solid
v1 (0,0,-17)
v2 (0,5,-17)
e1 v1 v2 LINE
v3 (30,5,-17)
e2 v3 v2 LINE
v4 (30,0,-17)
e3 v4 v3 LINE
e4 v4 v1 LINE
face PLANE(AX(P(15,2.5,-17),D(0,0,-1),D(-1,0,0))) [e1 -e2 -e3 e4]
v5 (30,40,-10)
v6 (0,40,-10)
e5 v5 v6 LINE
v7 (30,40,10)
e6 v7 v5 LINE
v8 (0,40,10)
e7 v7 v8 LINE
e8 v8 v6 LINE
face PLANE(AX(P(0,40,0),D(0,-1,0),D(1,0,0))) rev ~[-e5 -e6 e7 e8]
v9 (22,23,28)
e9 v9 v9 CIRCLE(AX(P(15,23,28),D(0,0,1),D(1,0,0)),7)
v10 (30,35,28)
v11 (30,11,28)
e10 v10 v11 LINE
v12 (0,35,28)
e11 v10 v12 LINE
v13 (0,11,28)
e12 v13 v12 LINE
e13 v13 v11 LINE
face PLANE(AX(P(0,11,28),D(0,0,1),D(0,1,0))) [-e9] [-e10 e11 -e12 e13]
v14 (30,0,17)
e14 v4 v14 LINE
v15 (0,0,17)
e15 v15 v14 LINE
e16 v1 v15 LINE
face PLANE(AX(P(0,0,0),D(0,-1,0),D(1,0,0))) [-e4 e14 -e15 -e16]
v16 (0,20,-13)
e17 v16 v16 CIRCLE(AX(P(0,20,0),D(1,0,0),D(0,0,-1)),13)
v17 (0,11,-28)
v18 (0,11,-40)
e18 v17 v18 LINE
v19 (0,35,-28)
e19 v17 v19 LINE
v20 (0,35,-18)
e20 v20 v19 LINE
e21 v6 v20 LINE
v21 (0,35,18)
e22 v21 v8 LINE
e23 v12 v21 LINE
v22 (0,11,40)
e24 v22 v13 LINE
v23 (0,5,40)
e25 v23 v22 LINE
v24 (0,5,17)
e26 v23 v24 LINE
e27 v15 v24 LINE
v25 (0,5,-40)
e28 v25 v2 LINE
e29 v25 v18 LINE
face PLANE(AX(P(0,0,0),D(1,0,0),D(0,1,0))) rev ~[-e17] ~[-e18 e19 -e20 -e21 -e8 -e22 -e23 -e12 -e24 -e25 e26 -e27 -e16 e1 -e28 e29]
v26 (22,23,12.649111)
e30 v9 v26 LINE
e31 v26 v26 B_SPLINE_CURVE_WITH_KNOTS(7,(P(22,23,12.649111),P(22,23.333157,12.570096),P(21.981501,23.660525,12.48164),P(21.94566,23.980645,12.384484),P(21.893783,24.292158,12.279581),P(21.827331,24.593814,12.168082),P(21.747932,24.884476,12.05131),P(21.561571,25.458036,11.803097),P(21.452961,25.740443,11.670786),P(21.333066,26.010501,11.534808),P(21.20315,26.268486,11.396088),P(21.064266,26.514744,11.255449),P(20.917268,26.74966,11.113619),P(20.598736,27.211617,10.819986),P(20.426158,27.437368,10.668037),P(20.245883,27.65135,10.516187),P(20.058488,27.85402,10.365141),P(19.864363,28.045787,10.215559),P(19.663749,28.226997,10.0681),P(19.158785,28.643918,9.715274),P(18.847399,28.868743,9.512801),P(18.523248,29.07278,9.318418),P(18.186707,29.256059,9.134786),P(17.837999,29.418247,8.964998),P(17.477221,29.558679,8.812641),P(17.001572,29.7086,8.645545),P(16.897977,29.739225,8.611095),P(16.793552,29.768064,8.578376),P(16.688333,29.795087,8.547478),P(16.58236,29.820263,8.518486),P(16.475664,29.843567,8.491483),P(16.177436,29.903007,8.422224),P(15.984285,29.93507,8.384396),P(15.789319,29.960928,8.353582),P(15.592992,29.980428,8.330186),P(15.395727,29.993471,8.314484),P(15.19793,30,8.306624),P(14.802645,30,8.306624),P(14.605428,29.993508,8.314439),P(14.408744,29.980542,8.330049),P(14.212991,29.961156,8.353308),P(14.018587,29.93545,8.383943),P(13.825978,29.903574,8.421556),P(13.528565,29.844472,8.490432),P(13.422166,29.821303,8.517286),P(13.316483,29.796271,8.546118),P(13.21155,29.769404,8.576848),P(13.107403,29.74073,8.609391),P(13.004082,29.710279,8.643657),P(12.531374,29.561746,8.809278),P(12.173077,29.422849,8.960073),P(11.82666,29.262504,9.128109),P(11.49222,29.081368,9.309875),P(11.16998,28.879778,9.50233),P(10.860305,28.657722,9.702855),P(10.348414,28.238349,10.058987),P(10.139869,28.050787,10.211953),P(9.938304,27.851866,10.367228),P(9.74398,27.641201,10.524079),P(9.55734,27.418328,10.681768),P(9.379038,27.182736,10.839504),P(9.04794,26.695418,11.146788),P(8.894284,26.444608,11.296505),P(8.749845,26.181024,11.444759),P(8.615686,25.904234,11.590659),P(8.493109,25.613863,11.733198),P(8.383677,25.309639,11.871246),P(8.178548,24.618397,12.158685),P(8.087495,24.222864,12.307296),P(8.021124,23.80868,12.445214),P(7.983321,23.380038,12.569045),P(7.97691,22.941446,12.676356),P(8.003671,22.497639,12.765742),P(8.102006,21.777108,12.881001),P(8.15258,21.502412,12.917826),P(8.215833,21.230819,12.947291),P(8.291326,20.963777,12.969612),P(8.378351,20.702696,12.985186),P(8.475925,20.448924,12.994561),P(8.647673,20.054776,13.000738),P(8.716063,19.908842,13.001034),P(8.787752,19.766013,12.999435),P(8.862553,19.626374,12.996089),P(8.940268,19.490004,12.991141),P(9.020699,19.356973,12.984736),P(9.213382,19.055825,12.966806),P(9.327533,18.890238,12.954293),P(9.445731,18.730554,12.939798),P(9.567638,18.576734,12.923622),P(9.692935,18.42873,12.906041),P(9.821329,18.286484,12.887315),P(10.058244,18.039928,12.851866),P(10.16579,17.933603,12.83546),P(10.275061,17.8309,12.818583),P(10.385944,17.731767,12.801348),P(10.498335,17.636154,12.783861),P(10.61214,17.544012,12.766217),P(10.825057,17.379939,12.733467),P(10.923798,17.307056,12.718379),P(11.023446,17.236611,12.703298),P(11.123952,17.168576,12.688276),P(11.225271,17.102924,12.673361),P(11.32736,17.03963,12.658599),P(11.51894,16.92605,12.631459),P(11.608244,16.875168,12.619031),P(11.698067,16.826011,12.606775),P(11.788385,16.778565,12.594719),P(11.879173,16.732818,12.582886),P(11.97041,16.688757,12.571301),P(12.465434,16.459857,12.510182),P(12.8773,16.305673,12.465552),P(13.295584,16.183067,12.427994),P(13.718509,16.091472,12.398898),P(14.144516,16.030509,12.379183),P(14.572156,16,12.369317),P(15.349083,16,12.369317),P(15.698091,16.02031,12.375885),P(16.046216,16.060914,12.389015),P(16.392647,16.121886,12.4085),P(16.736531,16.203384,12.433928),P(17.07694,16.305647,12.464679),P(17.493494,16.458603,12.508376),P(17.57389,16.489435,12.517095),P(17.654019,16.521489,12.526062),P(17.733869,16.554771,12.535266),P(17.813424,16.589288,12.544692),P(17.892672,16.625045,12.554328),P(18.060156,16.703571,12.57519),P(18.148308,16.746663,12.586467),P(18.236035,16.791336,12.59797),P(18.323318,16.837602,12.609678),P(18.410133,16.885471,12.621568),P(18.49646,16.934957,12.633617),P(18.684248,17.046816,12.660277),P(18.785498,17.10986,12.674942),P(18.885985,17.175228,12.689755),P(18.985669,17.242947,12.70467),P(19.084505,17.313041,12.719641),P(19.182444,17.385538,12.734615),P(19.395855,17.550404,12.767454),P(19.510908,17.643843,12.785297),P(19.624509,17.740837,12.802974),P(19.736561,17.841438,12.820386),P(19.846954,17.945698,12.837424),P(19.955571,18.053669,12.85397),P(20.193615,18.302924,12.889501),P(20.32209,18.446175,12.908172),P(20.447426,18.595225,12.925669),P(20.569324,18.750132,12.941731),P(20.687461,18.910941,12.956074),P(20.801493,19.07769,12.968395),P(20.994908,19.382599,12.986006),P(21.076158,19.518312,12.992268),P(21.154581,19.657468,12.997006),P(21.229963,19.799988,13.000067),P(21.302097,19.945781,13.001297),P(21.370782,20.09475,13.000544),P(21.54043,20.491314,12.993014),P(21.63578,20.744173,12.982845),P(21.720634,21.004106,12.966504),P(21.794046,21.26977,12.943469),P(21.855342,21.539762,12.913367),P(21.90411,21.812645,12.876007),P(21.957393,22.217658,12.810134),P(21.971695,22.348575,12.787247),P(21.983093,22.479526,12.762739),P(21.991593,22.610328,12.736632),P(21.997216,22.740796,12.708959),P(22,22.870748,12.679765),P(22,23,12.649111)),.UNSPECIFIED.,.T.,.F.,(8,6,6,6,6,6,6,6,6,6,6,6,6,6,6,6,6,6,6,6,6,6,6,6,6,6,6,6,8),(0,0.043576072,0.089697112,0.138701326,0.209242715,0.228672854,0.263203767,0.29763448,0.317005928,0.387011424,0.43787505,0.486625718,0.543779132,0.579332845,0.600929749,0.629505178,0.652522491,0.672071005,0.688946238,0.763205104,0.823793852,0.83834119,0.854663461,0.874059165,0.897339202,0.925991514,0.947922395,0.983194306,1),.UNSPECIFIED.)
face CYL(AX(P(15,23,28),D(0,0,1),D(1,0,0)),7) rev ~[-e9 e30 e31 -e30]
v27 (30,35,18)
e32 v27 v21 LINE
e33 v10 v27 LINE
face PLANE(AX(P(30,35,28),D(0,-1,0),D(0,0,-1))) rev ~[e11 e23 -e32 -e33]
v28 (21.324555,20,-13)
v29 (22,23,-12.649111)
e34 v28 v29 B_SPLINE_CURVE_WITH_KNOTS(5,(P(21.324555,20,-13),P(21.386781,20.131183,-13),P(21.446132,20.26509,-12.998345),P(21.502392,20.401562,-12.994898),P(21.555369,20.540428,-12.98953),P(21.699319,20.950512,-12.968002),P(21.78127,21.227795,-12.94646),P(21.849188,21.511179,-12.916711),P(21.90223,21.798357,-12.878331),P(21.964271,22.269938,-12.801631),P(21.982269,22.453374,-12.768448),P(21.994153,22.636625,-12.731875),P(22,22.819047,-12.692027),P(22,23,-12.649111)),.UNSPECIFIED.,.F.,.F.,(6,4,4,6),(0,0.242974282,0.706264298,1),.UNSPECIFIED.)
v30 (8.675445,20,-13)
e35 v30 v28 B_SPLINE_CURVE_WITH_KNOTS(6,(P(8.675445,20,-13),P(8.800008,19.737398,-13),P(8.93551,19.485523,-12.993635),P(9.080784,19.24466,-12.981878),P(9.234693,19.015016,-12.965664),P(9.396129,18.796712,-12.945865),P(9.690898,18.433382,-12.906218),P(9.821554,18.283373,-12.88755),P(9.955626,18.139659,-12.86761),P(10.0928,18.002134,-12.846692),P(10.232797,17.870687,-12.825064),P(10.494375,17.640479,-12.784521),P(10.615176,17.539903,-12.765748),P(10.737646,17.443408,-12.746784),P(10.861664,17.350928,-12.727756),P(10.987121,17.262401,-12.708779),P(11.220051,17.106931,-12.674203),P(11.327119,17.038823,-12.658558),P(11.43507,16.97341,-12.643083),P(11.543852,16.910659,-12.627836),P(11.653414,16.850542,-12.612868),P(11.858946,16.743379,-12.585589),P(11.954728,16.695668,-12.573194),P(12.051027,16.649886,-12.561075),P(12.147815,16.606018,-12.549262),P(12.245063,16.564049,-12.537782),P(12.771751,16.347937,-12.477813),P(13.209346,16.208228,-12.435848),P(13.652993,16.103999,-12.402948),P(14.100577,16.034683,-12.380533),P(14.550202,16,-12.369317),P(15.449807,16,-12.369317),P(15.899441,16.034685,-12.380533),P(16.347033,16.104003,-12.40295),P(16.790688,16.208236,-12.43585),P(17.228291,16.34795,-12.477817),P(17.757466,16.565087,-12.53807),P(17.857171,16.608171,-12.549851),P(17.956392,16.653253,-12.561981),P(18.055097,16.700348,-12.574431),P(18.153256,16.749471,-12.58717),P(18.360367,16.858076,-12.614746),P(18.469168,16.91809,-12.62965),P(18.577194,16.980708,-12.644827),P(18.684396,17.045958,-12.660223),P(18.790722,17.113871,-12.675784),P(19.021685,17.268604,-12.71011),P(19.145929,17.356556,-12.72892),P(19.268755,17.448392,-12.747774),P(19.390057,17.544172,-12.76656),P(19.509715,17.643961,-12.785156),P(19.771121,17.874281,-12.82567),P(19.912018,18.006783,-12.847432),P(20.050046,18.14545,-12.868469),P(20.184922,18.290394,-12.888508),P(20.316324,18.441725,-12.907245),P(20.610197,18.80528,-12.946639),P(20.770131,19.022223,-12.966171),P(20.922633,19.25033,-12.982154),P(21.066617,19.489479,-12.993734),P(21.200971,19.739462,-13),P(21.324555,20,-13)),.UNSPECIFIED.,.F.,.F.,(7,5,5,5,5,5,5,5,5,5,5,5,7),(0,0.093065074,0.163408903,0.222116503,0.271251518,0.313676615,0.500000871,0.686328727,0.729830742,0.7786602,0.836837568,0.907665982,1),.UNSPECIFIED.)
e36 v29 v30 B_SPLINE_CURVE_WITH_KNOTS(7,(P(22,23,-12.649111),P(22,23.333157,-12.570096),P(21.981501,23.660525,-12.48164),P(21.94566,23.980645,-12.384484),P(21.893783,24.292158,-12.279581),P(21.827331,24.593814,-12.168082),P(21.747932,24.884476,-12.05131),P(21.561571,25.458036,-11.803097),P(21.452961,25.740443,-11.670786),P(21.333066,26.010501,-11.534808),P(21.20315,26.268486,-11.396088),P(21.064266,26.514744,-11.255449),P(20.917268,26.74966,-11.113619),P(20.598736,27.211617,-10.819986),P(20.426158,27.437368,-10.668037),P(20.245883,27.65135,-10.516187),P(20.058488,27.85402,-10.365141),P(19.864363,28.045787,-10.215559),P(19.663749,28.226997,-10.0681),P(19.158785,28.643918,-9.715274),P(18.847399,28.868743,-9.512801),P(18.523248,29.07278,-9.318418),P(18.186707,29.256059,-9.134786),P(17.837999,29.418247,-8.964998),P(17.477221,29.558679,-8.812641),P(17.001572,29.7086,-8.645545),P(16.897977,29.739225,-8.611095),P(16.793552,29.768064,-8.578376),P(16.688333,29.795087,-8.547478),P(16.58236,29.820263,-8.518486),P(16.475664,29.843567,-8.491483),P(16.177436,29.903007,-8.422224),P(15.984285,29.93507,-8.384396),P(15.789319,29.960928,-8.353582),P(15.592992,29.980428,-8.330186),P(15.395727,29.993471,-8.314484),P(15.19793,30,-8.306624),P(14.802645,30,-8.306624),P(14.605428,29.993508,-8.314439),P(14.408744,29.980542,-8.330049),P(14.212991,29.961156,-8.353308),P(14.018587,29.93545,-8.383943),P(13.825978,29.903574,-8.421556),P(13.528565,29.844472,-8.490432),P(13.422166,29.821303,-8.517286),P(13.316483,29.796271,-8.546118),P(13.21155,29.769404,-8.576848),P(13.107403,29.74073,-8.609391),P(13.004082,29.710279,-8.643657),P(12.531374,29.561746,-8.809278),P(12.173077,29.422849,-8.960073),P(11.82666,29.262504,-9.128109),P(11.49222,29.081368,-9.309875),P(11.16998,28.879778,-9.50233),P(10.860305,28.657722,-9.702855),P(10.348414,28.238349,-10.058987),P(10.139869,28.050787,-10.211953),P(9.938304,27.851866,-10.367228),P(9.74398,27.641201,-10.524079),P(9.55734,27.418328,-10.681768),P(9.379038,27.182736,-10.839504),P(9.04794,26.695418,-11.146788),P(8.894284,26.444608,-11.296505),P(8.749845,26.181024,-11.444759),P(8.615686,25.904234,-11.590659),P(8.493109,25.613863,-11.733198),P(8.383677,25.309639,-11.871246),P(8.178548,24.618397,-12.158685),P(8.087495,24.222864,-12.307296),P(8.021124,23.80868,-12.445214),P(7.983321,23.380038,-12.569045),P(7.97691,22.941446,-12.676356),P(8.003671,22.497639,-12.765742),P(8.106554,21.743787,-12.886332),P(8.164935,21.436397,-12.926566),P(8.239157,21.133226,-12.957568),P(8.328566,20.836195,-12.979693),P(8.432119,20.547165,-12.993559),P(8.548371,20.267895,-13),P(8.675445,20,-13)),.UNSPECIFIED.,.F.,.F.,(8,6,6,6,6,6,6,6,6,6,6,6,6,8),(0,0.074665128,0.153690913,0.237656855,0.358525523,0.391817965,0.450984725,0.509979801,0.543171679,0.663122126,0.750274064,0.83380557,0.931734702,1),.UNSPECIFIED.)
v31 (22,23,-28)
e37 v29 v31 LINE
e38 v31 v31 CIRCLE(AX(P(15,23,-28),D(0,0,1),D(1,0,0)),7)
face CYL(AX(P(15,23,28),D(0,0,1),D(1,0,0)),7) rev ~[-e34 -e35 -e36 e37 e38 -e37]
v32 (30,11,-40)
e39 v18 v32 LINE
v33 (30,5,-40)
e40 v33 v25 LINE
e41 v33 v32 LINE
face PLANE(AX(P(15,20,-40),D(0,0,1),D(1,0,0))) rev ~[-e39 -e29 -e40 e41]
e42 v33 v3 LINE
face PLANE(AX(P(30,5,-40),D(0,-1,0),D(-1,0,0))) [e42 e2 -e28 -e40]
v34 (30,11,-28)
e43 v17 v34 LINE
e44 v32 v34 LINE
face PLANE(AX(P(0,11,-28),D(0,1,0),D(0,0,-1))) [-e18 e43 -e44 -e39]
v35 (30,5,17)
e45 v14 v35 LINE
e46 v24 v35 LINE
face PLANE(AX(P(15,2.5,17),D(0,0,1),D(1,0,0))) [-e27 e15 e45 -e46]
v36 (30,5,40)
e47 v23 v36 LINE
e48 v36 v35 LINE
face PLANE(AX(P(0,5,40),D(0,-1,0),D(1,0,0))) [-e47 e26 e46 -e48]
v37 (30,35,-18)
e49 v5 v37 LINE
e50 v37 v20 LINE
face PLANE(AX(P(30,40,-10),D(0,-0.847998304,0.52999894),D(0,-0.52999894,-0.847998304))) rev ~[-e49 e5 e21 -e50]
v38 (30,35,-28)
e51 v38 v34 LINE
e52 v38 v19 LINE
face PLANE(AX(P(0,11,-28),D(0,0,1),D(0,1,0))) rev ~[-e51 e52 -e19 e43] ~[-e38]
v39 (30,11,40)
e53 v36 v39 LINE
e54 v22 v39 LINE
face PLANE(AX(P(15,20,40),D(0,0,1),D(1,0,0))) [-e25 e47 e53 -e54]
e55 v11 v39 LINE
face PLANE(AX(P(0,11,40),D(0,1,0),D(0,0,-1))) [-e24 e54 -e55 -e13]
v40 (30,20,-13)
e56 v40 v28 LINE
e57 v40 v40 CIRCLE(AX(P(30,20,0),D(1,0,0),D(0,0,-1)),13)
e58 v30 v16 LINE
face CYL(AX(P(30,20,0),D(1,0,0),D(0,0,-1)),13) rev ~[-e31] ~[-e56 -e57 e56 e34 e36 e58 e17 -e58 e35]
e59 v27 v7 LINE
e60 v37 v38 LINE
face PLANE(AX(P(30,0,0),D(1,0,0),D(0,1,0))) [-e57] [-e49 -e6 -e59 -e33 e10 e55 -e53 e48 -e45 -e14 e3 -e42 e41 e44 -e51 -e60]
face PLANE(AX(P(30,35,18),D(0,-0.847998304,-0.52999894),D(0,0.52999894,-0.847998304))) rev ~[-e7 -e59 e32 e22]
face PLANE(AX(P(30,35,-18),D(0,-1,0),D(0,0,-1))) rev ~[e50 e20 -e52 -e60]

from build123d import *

# Parameters (mm, degrees)
SKETCH1_W           = 30
SKETCH1_H           = 40
BOSS_EXTRUDE1_DEPTH = 40
SKETCH2_W           = 30
SKETCH2_H           = 5
CUT_EXTRUDE1_DEPTH  = 23
SKETCH3_W           = 30
SKETCH3_H           = 5
CUT_EXTRUDE2_DEPTH  = 23
SKETCH5_W           = 12
SKETCH5_H           = 29
CUT_EXTRUDE3_DEPTH  = 65.031242374
CUT_EXTRUDE4_DEPTH  = 65.031242374
SKETCH7_R           = 13
CUT_EXTRUDE5_DEPTH  = 65.031242374
SKETCH8_R           = 7
CUT_EXTRUDE6_DEPTH  = 85.403791384


with BuildPart() as part:
    # Sketch1 → Boss-Extrude1 (new, symmetric)
    with BuildSketch(Plane.XY):
        with Locations((15, 20)):
            Rectangle(SKETCH1_W, SKETCH1_H)
    extrude(amount=BOSS_EXTRUDE1_DEPTH, both=True)

    # Sketch2 → Cut-Extrude1 (cut)
    with BuildSketch(Plane.XY.offset(40)):
        with Locations((15, 2.5)):
            Rectangle(SKETCH2_W, SKETCH2_H)
    extrude(amount=-CUT_EXTRUDE1_DEPTH, mode=Mode.SUBTRACT)

    # Sketch3 → Cut-Extrude2 (cut)
    with BuildSketch(Plane(origin=(0, 0, -40), x_dir=(-1, 0, 0), z_dir=(0, 0, -1))):
        with Locations((-15, 2.5)):
            Rectangle(SKETCH3_W, SKETCH3_H)
    extrude(amount=-CUT_EXTRUDE2_DEPTH, mode=Mode.SUBTRACT)

    # Sketch5 → Cut-Extrude3 (cut, through all)
    with BuildSketch(Plane(origin=(0, 0, 0), x_dir=(0, 0, -1), z_dir=(1, 0, 0))):
        with Locations((-34, 25.5)):
            Rectangle(SKETCH5_W, SKETCH5_H)
        with Locations((34, 25.5)):
            Rectangle(SKETCH5_W, SKETCH5_H)
    extrude(amount=CUT_EXTRUDE3_DEPTH, mode=Mode.SUBTRACT)

    # Sketch6 → Cut-Extrude4 (cut, through all)
    with BuildSketch(Plane(origin=(30, 0, 0), x_dir=(0, 0, -1), z_dir=(1, 0, 0))):
        Polygon((-28, 35), (-18, 35), (-10, 40), (-28, 40), align=None)
        Polygon((10, 40), (18, 35), (28, 35), (28, 40), align=None)
    extrude(amount=-CUT_EXTRUDE4_DEPTH, mode=Mode.SUBTRACT)

    # Sketch7 → Cut-Extrude5 (cut, through all)
    with BuildSketch(Plane(origin=(30, 0, 0), x_dir=(0, 0, -1), z_dir=(1, 0, 0))):
        with Locations((0, 20)):
            Circle(SKETCH7_R)
    extrude(amount=-CUT_EXTRUDE5_DEPTH, mode=Mode.SUBTRACT)

    # Sketch8 → Cut-Extrude6 (cut, through all)
    with BuildSketch(Plane.XY.offset(28)):
        with Locations((15, 23)):
            Circle(SKETCH8_R)
    extrude(amount=-CUT_EXTRUDE6_DEPTH, mode=Mode.SUBTRACT)


solid = part.part
